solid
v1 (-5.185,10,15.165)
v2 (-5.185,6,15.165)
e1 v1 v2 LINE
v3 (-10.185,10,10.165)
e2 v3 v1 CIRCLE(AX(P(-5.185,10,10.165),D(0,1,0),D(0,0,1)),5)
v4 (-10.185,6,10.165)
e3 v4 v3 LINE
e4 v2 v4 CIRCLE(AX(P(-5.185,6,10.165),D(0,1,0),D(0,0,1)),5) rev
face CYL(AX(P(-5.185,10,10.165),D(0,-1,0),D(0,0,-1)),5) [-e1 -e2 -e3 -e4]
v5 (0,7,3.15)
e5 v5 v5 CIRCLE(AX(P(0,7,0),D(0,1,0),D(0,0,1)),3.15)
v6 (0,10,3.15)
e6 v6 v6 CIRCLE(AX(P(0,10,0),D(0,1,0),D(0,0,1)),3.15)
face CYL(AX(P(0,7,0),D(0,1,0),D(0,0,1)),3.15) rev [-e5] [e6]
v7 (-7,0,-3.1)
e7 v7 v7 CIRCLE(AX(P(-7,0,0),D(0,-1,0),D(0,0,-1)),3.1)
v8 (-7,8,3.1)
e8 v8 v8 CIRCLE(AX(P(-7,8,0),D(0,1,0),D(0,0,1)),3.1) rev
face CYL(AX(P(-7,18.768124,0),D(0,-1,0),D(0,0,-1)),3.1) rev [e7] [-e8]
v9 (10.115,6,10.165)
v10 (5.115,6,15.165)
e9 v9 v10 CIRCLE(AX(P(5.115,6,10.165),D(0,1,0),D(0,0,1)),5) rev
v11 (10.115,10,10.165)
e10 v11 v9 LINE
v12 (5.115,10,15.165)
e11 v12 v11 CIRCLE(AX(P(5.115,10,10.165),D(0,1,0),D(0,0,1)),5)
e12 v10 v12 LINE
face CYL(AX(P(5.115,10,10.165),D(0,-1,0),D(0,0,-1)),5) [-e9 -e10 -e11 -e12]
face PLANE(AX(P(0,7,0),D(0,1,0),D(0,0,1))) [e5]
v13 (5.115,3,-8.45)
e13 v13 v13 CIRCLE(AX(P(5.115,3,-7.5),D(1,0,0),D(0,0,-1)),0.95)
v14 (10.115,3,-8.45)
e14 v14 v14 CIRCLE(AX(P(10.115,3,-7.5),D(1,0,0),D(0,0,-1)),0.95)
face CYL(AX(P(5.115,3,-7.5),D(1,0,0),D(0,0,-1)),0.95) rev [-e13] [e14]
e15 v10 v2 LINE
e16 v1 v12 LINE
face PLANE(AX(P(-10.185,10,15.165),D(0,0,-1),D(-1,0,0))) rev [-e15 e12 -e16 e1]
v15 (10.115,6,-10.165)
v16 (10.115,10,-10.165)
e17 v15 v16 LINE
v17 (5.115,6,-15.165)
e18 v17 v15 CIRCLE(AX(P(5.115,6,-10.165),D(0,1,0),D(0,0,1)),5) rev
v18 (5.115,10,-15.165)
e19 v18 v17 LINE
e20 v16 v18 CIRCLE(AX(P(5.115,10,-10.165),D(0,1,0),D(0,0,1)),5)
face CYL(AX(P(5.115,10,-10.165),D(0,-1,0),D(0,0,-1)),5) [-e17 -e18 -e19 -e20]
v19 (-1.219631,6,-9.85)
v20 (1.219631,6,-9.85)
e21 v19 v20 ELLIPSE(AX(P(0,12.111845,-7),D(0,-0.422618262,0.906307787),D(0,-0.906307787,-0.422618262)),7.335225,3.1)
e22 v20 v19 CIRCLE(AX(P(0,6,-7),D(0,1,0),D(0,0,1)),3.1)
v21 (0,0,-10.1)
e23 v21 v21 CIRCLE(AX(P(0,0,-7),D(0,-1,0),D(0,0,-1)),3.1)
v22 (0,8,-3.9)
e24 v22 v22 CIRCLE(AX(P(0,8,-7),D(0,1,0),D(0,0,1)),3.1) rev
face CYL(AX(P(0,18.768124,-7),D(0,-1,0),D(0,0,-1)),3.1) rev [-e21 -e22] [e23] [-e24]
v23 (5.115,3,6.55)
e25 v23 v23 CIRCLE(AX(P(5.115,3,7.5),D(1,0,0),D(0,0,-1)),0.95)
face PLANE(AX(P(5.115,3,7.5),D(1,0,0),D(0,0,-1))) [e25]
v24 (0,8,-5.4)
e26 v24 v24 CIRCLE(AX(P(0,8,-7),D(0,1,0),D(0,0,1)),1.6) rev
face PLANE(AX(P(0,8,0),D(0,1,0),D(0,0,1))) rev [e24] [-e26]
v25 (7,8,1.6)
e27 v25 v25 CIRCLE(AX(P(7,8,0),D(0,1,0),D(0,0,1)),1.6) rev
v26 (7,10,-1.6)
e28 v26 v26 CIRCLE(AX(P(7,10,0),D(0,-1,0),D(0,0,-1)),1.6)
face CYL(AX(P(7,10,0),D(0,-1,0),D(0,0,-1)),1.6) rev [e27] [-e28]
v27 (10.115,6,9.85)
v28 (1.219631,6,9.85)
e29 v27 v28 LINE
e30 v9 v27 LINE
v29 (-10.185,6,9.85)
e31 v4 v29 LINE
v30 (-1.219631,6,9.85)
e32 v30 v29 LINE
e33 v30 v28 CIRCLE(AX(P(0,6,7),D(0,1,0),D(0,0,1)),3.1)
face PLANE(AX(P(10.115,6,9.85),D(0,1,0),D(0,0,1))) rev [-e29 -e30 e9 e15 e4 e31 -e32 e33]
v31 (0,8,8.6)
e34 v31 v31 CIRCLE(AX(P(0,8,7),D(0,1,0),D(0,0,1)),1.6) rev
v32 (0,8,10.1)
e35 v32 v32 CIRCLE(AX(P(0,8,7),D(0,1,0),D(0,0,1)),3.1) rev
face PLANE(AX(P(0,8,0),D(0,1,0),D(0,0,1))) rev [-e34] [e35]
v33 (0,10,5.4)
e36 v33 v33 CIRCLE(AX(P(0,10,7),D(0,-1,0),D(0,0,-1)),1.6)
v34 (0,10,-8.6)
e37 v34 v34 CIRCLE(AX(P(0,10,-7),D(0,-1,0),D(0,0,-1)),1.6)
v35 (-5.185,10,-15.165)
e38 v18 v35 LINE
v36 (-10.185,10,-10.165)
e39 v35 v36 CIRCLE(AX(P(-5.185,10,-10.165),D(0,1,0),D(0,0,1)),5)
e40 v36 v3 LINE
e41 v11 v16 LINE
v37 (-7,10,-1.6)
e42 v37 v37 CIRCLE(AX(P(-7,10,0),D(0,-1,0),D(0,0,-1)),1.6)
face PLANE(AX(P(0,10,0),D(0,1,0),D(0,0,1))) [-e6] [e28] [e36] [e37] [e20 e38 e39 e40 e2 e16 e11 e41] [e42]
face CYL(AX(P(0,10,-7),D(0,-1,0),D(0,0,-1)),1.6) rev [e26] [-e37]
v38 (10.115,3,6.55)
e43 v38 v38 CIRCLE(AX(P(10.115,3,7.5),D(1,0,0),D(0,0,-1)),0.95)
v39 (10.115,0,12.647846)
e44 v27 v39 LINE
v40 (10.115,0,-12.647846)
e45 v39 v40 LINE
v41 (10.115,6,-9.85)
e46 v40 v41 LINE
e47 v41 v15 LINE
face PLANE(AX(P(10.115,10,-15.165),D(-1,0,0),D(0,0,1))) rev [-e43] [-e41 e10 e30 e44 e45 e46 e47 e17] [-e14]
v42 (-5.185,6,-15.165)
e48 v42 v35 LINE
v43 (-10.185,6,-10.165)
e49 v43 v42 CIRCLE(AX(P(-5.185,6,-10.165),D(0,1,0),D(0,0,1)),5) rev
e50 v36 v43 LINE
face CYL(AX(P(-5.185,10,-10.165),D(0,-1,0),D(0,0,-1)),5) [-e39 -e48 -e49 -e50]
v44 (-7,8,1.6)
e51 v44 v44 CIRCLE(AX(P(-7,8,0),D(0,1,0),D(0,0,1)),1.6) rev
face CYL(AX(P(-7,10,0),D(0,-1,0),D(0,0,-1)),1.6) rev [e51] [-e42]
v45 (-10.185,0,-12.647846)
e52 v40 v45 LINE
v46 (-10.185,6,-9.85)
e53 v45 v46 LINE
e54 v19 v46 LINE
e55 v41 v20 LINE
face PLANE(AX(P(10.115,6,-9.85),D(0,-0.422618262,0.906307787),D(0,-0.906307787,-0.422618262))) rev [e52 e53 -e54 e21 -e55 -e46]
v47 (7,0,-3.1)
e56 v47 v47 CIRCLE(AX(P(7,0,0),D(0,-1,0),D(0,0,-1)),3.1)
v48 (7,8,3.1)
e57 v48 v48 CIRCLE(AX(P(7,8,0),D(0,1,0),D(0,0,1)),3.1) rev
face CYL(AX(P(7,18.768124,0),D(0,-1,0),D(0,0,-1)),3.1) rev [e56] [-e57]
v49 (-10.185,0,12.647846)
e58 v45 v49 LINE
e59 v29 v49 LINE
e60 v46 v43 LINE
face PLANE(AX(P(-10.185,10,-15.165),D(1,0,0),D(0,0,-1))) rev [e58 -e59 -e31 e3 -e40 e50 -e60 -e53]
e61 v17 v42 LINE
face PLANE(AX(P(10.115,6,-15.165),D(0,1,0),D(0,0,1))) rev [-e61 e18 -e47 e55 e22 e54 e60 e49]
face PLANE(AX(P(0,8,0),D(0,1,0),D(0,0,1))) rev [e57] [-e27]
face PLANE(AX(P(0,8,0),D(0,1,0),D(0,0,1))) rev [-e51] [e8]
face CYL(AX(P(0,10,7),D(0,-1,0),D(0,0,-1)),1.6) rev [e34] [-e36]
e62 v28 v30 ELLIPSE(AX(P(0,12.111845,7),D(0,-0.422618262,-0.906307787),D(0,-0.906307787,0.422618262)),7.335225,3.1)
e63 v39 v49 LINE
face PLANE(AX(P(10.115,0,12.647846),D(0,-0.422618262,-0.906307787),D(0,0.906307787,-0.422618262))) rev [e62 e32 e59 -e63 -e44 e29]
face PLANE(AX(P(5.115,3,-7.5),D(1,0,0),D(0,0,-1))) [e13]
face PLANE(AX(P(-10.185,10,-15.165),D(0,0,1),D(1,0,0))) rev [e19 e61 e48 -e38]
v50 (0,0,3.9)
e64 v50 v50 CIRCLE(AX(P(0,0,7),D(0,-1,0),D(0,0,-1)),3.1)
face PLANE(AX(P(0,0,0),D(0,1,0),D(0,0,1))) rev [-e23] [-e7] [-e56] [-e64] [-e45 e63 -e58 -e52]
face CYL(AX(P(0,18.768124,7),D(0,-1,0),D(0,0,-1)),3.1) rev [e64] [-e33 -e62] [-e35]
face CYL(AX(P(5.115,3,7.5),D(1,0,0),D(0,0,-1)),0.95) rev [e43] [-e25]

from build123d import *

# Parameters (mm, degrees)
SKETCH_1_W          = 20.3
SKETCH_1_H          = 30.33
EXTRUDE_1_DEPTH     = 10
CUT_EXTRUDE_1_DEPTH = 28.240910869
SKETCH_3_R          = 1.6
CUT_EXTRUDE_2_DEPTH = 21.825740083
SKETCH_4_R          = 3.1
CUT_EXTRUDE_3_DEPTH = 8
SKETCH_5_R          = 0.95
CUT_EXTRUDE_4_DEPTH = 5
SKETCH_6_R          = 3.15
CUT_EXTRUDE_5_DEPTH = 3
FILLET_2_R          = 5


with BuildPart() as part:
    # 草图1 → 凸台-拉伸1 (new body)
    with BuildSketch(Plane(origin=(0, 0, 0), x_dir=(1, 0, 0), z_dir=(0, 1, 0))):
        with Locations((-0.035, 0)):
            Rectangle(SKETCH_1_W, SKETCH_1_H)
    extrude(amount=EXTRUDE_1_DEPTH)

    # 草图2 → 切除-拉伸1 (cut, through all)
    with BuildSketch(Plane.ZY.offset(10.185)):
        Polygon((-15.165, 6), (-9.85, 6), (-12.647845949, 0), (-15.165, 0), align=None)
        Polygon((12.647845949, 0), (9.85, 6), (15.165, 6), (15.165, 0), align=None)
    extrude(amount=-CUT_EXTRUDE_1_DEPTH, mode=Mode.SUBTRACT)

    # 草图3 → 切除-拉伸2 (cut, through all)
    with BuildSketch(Plane.XZ):
        with Locations(Location((0, 7, 0), (0, 0, 270))):
            Circle(SKETCH_3_R)
        with Locations(Location((7, 0, 0), (0, 0, 270))):
            Circle(SKETCH_3_R)
        with Locations(Location((0, -7, 0), (0, 0, 270))):
            Circle(SKETCH_3_R)
        with Locations(Location((-7, 0, 0), (0, 0, 270))):
            Circle(SKETCH_3_R)
    extrude(amount=-CUT_EXTRUDE_2_DEPTH, mode=Mode.SUBTRACT)

    # 草图4 → 切除-拉伸3 (cut)
    with BuildSketch(Plane.XZ):
        with Locations(Location((0, 7, 0), (0, 0, 270))):
            Circle(SKETCH_4_R)
        with Locations(Location((7, 0, 0), (0, 0, 270))):
            Circle(SKETCH_4_R)
        with Locations(Location((0, -7, 0), (0, 0, 270))):
            Circle(SKETCH_4_R)
        with Locations(Location((-7, 0, 0), (0, 0, 270))):
            Circle(SKETCH_4_R)
    extrude(amount=-CUT_EXTRUDE_3_DEPTH, mode=Mode.SUBTRACT)

    # 草图5 → 切除-拉伸4 (cut)
    with BuildSketch(Plane(origin=(10.115, 0, 0), x_dir=(0, 0, -1), z_dir=(1, 0, 0))):
        with Locations((-7.5, 3)):
            Circle(SKETCH_5_R)
        with Locations((7.5, 3)):
            Circle(SKETCH_5_R)
    extrude(amount=-CUT_EXTRUDE_4_DEPTH, mode=Mode.SUBTRACT)

    # 草图6 → 切除-拉伸5 (cut)
    with BuildSketch(Plane(origin=(0, 10, 0), x_dir=(1, 0, 0), z_dir=(0, 1, 0))):
        with Locations(Location((0, 0, 0), (0, 0, 270))):
            Circle(SKETCH_6_R)
    extrude(amount=-CUT_EXTRUDE_5_DEPTH, mode=Mode.SUBTRACT)

    # 圆角2
    fillet_2_edges = [part.edges().sort_by_distance(p)[0] for p in [
        (-10.185, 8, -15.165),
        (10.115, 8, -15.165),
        (10.115, 8, 15.165),
        (-10.185, 8, 15.165),
    ]]
    fillet(fillet_2_edges, radius=FILLET_2_R)


solid = part.part
